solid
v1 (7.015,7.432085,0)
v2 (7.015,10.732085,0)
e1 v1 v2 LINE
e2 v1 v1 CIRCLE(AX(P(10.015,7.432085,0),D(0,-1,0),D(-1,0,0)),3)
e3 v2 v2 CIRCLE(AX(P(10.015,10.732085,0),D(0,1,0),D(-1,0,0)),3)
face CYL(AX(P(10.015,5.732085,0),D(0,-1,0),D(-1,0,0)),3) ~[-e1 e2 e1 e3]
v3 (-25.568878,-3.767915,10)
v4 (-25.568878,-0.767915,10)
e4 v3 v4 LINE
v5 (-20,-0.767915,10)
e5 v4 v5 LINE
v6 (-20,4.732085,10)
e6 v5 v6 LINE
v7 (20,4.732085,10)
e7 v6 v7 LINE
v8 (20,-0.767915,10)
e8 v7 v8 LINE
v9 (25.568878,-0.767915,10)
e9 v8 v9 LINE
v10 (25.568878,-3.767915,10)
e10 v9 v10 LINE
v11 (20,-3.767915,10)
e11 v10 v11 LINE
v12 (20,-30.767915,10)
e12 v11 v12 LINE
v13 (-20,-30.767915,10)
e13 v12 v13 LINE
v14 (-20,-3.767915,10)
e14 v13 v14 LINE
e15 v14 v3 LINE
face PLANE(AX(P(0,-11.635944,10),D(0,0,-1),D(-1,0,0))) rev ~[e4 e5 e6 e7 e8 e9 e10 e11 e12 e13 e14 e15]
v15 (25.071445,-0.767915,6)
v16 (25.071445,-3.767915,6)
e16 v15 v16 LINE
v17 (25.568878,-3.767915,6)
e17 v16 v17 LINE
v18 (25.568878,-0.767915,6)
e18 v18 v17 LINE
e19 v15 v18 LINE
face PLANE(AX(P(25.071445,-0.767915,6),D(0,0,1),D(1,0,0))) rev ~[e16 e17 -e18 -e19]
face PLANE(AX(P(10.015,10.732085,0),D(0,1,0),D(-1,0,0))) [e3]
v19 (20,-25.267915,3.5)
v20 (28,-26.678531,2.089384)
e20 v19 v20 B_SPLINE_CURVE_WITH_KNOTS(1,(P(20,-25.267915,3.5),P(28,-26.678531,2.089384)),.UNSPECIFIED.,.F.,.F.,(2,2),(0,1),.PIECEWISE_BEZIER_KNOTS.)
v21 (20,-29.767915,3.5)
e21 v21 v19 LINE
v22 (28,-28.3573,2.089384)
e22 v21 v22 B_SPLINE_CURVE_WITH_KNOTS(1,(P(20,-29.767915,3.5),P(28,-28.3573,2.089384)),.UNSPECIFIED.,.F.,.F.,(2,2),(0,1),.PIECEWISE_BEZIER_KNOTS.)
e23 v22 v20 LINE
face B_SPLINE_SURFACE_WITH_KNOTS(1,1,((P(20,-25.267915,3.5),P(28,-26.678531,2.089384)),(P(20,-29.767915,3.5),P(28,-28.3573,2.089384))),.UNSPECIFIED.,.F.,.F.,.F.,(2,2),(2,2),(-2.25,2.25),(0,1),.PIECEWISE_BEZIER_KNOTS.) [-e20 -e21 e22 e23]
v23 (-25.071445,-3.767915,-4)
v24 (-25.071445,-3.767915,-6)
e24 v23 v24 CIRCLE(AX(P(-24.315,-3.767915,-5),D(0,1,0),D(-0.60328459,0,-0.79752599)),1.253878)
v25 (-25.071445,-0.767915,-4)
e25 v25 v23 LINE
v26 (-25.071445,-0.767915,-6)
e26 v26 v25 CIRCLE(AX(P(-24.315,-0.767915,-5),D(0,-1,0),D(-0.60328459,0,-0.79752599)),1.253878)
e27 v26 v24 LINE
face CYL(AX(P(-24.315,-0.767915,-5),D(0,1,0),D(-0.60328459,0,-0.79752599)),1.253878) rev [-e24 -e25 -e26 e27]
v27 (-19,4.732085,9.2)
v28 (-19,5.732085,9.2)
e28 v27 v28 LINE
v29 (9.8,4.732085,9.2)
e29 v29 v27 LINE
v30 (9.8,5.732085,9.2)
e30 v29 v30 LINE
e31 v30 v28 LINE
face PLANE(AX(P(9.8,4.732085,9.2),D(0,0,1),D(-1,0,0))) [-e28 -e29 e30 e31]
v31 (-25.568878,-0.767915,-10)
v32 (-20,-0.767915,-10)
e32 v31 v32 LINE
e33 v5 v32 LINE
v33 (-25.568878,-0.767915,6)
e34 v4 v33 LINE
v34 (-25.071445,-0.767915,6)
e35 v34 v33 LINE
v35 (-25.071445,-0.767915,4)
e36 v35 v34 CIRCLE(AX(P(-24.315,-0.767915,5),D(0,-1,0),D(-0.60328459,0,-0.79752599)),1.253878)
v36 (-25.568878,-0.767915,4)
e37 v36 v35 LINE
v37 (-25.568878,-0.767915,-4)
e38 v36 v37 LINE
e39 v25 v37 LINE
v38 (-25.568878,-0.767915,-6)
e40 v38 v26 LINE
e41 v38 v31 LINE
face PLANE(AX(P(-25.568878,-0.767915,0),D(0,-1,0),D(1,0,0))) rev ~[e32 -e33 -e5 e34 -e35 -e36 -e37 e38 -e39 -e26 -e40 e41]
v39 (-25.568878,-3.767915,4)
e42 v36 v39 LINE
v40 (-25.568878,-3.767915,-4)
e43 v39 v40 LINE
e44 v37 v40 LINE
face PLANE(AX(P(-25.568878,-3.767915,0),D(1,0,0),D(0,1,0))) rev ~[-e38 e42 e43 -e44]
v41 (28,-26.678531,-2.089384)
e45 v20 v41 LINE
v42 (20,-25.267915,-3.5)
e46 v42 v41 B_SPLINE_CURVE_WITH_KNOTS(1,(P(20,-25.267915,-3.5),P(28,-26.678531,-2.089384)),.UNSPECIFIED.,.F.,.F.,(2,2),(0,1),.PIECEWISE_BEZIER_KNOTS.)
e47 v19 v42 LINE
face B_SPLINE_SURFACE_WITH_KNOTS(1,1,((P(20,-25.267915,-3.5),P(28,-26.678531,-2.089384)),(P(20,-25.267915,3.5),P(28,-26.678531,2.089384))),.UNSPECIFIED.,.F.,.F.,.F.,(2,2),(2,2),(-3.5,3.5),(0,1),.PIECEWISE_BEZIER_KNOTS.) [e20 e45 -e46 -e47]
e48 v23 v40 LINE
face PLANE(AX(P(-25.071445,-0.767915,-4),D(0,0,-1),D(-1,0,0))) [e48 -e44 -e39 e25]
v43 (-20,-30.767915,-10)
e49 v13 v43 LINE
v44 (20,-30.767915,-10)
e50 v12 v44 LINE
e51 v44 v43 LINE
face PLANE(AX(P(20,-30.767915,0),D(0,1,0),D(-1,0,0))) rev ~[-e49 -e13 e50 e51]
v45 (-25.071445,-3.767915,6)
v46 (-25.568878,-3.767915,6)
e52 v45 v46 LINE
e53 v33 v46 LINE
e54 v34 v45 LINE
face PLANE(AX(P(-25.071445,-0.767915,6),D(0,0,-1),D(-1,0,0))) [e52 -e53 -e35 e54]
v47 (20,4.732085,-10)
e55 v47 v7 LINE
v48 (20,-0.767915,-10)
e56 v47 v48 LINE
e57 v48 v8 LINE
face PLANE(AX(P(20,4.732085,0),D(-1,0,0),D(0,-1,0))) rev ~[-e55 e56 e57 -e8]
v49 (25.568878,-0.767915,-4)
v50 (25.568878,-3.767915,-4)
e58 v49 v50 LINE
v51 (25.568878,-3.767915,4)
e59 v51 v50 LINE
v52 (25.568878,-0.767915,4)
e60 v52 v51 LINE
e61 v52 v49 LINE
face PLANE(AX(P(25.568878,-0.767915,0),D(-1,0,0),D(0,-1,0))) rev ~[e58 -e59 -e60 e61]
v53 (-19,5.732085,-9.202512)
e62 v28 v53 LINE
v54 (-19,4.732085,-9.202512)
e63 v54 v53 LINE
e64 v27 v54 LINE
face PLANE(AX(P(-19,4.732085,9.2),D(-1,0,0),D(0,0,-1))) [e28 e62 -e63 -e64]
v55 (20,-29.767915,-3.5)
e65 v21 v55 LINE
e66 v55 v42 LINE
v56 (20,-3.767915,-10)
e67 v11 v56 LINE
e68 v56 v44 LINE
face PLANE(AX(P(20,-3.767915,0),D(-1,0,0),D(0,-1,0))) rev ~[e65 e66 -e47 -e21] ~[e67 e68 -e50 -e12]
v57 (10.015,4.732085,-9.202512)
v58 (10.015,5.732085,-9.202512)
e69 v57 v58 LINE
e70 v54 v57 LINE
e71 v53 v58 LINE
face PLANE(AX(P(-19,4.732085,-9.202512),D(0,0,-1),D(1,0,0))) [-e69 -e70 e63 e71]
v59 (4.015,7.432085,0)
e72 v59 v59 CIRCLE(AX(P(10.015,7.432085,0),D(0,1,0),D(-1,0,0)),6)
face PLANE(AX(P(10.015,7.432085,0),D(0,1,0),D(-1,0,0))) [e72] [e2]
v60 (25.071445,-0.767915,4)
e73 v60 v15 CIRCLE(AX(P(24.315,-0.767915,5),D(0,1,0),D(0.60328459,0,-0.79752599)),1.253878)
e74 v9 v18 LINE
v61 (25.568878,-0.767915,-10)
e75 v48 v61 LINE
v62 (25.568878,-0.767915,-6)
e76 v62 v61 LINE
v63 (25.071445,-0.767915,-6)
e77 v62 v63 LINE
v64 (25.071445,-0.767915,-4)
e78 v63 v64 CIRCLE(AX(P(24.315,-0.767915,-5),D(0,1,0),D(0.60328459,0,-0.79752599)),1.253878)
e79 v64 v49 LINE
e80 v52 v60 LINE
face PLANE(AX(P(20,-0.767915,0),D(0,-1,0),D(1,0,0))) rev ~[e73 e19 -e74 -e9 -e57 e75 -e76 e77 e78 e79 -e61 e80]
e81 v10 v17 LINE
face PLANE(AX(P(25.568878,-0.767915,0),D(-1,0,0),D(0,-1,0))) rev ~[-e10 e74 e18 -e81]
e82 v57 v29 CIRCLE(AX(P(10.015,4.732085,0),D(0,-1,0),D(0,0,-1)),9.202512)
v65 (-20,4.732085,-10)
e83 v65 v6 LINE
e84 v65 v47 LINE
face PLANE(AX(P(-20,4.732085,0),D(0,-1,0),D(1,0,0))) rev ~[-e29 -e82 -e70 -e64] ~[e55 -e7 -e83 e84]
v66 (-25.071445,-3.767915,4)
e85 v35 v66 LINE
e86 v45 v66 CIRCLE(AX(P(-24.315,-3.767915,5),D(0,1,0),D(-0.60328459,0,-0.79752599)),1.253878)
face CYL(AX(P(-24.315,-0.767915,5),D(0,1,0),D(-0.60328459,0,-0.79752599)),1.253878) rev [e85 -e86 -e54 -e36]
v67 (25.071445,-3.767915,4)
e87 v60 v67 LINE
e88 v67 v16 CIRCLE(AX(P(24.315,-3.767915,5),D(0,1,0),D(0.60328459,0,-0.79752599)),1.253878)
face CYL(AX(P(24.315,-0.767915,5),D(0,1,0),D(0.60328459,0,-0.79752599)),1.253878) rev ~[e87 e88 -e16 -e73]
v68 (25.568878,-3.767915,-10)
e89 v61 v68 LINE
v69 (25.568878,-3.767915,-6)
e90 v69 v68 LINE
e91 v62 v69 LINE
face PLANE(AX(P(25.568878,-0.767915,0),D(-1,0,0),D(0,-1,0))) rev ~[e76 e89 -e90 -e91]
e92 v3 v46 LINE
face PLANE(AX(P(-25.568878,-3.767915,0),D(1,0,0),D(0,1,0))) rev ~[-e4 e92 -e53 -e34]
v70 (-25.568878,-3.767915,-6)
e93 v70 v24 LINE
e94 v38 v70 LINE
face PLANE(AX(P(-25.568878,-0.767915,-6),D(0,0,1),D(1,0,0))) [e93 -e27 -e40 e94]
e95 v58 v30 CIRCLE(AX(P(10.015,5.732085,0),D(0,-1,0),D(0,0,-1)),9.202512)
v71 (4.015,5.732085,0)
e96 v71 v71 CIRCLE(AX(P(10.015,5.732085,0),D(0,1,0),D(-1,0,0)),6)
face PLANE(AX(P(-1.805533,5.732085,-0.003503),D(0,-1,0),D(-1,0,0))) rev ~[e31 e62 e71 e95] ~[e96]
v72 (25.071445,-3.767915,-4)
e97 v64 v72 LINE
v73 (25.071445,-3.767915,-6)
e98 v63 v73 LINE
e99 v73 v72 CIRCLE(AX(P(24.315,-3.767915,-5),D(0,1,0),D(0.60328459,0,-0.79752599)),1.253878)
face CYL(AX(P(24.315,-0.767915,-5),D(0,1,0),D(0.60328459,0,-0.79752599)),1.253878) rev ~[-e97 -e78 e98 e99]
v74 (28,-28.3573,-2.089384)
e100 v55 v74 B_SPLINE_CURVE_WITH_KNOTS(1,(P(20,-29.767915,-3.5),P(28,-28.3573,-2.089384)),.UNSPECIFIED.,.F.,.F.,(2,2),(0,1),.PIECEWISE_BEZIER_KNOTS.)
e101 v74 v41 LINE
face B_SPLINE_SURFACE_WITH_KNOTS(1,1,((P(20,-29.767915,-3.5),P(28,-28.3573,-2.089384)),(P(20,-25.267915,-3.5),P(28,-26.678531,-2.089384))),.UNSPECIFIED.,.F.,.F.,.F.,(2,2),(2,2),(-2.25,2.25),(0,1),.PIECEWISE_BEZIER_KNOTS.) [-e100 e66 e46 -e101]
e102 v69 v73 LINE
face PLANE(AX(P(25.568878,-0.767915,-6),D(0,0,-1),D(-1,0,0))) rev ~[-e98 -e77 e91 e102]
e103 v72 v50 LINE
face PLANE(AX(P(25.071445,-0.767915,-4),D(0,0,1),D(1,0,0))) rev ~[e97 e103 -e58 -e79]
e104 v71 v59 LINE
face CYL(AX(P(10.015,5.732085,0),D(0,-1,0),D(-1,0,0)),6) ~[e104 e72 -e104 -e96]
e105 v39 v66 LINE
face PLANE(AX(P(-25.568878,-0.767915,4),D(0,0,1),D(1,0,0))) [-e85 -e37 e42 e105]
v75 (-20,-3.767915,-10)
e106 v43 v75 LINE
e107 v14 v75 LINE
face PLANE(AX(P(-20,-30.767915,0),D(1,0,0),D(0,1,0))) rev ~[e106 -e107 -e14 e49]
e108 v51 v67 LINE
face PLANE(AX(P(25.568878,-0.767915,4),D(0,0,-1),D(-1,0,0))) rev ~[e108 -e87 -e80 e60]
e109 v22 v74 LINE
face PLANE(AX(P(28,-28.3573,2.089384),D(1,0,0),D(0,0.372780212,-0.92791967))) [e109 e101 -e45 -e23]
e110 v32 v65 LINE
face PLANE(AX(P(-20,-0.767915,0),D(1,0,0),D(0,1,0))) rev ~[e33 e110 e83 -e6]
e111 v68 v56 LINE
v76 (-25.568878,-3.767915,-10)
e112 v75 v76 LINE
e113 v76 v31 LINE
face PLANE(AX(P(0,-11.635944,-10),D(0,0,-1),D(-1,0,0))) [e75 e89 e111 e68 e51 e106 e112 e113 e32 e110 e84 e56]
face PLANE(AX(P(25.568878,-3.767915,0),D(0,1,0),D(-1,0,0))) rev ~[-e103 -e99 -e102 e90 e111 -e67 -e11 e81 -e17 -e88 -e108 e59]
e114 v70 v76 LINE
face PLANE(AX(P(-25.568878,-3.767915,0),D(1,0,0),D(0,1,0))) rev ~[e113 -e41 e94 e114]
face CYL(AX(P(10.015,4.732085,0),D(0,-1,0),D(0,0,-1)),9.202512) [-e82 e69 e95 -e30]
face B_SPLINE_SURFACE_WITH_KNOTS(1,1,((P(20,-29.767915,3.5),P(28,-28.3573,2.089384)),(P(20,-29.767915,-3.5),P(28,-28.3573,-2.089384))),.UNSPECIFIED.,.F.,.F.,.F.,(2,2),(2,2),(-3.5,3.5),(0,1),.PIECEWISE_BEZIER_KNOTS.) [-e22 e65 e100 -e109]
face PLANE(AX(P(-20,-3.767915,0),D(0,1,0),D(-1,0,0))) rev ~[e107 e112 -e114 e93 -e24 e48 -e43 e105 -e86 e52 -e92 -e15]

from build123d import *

# Parameters (mm, degrees)
RESSALTO_EXTRUS_O1_DEPTH = 10
CORTE_EXTRUS_O1_DEPTH    = 10
RESSALTO_EXTRUS_O2_DEPTH = 1
ESBO_O4_R                = 3
RESSALTO_EXTRUS_O3_DEPTH = 5
ESBO_O5_R                = 6
RESSALTO_EXTRUS_O4_DEPTH = 1.7
ESBO_O7_W                = 7
ESBO_O7_H                = 4.5
RESSALTO_EXTRUS_O5_DEPTH = 8
RESSALTO_EXTRUS_O5_TAPER = 10


with BuildPart() as part:
    # Esboço1 → Ressalto-extrusão1 (new, symmetric)
    with BuildSketch(Plane.XY):
        Polygon((20, -0.767915455), (25.568877633, -0.767915455), (25.568877633, -3.767915455), (20, -3.767915455), (20, -30.767915455), (-20, -30.767915455), (-20, -3.767915455), (-25.568877633, -3.767915455), (-25.568877633, -0.767915455), (-20, -0.767915455), (-20, 4.732084545), (20, 4.732084545), align=None)
    extrude(amount=RESSALTO_EXTRUS_O1_DEPTH, both=True)

    # Esboço6 → Corte-extrusão1 (cut)
    with BuildSketch(Plane(origin=(0, -0.767915455, 0), x_dir=(1, 0, 0), z_dir=(0, 1, 0))):
        with BuildLine():
            Line((25.071445053, 4), (25.568877633, 4))
            Line((25.568877633, 4), (25.568877633, 6))
            Line((25.568877633, 6), (25.071445053, 6))
            ThreePointArc((25.071445053, 6), (23.061122367, 5), (25.071445053, 4))
        make_face()
        with BuildLine():
            Line((25.568877633, -6), (25.568877633, -4))
            Line((25.568877633, -4), (25.071445053, -4))
            ThreePointArc((25.071445053, -4), (23.061122367, -5), (25.071445053, -6))
            Line((25.071445053, -6), (25.568877633, -6))
        make_face()
        with BuildLine():
            ThreePointArc((-25.071445053, 6), (-23.061122367, 5), (-25.071445053, 4))
            Line((-25.071445053, 4), (-25.568877633, 4))
            Line((-25.568877633, 4), (-25.568877633, 6))
            Line((-25.568877633, 6), (-25.071445053, 6))
        make_face()
        with BuildLine():
            ThreePointArc((-25.071445053, -4), (-23.061122367, -5), (-25.071445053, -6))
            Line((-25.071445053, -6), (-25.568877633, -6))
            Line((-25.568877633, -6), (-25.568877633, -4))
            Line((-25.568877633, -4), (-25.071445053, -4))
        make_face()
    extrude(amount=-CORTE_EXTRUS_O1_DEPTH, mode=Mode.SUBTRACT)

    # Esboço3 → Ressalto-extrusão2 (add)
    with BuildSketch(Plane(origin=(0, 4.732084545, 0), x_dir=(1, 0, 0), z_dir=(0, 1, 0))):
        with BuildLine():
            Line((-19, 9.202511885), (10.015, 9.202511885))
            ThreePointArc((10.015, 9.202511885), (19.216883893, -0.107507336), (9.8, -9.2))
            Line((9.8, -9.2), (-19, -9.2))
            Line((-19, -9.2), (-19, 9.202511885))
        make_face()
    extrude(amount=RESSALTO_EXTRUS_O2_DEPTH)

    # Esboço4 → Ressalto-extrusão3 (add)
    with BuildSketch(Plane(origin=(0, 5.732084545, 0), x_dir=(1, 0, 0), z_dir=(0, 1, 0))):
        with Locations(Location((10.015, 0, 0), (0, 0, 180))):
            Circle(ESBO_O4_R)
    extrude(amount=RESSALTO_EXTRUS_O3_DEPTH)

    # Esboço5 → Ressalto-extrusão4 (add)
    with BuildSketch(Plane(origin=(0, 5.732084545, 0), x_dir=(1, 0, 0), z_dir=(0, 1, 0))):
        with Locations(Location((10.015, 0, 0), (0, 0, 180))):
            Circle(ESBO_O5_R)
    extrude(amount=RESSALTO_EXTRUS_O4_DEPTH)

    # Esboço7 → Ressalto-extrusão5 (add)
    with BuildSketch(Plane(origin=(20, 0, 0), x_dir=(0, 0, -1), z_dir=(1, 0, 0))):
        with Locations((0, -27.517915455)):
            Rectangle(ESBO_O7_W, ESBO_O7_H)
    extrude(amount=RESSALTO_EXTRUS_O5_DEPTH, taper=RESSALTO_EXTRUS_O5_TAPER)


solid = part.part
